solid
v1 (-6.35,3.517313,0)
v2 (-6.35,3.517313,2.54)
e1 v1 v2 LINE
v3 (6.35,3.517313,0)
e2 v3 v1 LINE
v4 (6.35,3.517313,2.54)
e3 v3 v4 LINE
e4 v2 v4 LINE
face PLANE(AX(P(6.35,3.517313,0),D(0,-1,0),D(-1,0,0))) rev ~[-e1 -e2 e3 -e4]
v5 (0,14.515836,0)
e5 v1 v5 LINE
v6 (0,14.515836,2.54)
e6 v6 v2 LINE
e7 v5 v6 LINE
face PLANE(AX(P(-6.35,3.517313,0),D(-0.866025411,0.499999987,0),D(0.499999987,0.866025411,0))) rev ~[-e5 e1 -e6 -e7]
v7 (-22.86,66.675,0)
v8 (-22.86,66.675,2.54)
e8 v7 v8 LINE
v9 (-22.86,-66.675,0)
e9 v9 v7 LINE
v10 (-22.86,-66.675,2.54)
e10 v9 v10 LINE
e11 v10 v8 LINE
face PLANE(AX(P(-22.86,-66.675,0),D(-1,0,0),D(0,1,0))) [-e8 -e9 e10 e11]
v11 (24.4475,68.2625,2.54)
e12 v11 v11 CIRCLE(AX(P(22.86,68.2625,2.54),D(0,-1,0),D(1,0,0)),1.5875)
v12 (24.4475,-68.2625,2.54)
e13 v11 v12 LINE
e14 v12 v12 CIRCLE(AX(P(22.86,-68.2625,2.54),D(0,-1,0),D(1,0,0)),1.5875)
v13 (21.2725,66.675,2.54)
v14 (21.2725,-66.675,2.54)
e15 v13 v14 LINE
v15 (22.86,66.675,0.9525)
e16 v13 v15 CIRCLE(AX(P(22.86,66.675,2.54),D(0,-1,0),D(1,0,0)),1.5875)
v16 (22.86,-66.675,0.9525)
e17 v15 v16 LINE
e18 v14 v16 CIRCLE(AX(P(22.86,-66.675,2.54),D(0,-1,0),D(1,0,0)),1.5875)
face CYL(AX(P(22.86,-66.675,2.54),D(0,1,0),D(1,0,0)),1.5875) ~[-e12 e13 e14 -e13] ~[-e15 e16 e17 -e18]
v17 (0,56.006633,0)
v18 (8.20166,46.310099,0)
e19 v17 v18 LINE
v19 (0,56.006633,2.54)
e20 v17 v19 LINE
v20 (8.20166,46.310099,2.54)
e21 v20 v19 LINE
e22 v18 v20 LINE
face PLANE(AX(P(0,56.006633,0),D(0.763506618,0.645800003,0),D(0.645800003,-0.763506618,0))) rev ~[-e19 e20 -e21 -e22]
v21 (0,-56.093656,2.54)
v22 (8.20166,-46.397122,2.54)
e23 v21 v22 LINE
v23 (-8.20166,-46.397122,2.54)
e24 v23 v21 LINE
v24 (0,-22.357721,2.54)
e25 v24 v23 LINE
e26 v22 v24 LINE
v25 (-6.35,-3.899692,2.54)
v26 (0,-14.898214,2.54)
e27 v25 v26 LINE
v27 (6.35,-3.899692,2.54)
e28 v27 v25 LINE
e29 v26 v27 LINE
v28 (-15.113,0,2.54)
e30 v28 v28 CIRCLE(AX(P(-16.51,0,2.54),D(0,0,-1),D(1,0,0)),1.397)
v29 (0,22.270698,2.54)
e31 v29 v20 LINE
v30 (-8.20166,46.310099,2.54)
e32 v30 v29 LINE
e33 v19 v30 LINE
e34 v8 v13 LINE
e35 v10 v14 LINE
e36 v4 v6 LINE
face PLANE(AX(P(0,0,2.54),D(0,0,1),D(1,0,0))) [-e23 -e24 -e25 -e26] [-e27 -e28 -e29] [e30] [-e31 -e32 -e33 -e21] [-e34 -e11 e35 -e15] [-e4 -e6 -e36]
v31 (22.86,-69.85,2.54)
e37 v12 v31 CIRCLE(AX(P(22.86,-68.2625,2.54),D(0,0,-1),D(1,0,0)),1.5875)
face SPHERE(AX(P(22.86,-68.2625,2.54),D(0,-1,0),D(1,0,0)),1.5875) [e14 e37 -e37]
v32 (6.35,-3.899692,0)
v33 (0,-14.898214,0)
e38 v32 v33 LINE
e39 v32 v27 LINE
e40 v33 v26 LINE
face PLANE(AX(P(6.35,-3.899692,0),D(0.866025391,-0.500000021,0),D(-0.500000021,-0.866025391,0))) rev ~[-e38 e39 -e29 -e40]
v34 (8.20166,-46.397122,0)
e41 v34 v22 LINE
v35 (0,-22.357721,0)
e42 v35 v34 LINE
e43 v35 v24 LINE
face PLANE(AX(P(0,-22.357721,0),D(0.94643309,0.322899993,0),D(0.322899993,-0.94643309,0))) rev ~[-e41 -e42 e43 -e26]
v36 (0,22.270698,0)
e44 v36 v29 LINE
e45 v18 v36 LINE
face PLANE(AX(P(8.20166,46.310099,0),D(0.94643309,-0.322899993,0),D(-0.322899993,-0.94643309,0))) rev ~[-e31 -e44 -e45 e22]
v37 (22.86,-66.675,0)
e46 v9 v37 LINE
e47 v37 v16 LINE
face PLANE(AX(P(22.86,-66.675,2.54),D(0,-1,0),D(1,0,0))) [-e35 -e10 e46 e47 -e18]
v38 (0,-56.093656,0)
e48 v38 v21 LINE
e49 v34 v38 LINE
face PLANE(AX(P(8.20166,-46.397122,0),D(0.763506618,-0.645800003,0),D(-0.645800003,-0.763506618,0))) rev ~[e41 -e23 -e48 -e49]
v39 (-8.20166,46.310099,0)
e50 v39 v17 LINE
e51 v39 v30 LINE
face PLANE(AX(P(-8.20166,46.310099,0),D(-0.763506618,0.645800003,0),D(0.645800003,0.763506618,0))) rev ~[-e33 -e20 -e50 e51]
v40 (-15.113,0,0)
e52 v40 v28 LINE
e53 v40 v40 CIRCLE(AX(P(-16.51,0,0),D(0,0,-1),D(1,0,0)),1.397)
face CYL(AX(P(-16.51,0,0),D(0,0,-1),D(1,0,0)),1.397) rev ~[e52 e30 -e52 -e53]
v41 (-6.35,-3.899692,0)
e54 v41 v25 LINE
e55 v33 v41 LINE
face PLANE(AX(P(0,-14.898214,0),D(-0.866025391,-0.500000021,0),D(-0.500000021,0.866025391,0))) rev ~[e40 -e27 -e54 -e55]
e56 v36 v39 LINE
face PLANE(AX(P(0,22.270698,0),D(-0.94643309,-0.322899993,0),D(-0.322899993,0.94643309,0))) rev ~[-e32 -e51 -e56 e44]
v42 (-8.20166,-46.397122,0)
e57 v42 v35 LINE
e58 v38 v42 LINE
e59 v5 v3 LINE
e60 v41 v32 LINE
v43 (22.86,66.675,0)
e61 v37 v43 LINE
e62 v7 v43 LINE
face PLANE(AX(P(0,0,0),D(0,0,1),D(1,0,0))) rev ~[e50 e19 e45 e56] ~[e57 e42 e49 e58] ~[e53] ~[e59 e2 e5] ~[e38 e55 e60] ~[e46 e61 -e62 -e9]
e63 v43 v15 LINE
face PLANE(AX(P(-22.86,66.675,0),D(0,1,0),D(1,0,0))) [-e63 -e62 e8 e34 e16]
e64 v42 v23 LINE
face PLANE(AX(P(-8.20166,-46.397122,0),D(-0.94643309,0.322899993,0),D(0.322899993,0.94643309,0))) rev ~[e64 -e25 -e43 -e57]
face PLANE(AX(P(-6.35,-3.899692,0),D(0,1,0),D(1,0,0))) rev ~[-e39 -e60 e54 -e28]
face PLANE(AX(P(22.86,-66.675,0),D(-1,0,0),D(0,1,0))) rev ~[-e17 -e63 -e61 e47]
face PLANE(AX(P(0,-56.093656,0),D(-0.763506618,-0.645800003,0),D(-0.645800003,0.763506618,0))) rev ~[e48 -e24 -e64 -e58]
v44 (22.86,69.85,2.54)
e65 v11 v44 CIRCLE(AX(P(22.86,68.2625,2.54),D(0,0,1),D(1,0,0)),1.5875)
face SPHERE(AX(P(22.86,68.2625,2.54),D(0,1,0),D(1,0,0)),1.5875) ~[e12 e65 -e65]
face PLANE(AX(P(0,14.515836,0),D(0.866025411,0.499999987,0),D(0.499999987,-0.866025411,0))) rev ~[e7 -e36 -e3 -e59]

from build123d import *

# Parameters (mm, degrees)
F0_W     = 45.72
F0_H     = 133.35
F1_DEPTH = 2.54
F2_R     = 1.5875
F3_DEPTH = 136.525
F4_DEPTH = 3.175
F5_R     = 1.5875
F7_DEPTH = 25.4
F9_DEPTH = 25.4


with BuildPart() as f1:
    # F0 (on Top) → F1 (new body)
    with BuildSketch(Plane.XY):
        Rectangle(F0_W, F0_H)
    extrude(amount=F1_DEPTH)

    # F2 (on face) → F3 (join)
    with BuildSketch(Plane.XZ.offset(66.675)):
        with Locations((22.86, 2.54)):
            Circle(F2_R)
    extrude(amount=-F3_DEPTH)

    # F2 (on face) → F4 (join)
    with BuildSketch(Plane.XZ.offset(66.675)):
        with Locations((22.86, 2.54)):
            Circle(F2_R)
    extrude(amount=F4_DEPTH)

    # F5
    f5_edges = [f1.edges().sort_by_distance(p)[0] for p in [
        (21.2725, -69.85, 2.54),
        (21.2725, 69.85, 2.54),
    ]]
    fillet(f5_edges, radius=F5_R)

    # F6 (on face) → F7 (cut)
    with BuildSketch(Plane(origin=(0, 0, 0), x_dir=(1, 0, 0), z_dir=(0, 0, -1))):
        with BuildLine():
            ThreePointArc((-17.907, 0), (-16.51, -1.397), (-15.113, 0))
            ThreePointArc((-15.113, 0), (-16.51, 1.397), (-17.907, 0))
        make_face()
    extrude(amount=-F7_DEPTH, mode=Mode.SUBTRACT)

    # F8 (on face) → F9 (cut)
    with BuildSketch(Plane(origin=(0, 0, 0), x_dir=(1, 0, 0), z_dir=(0, 0, -1))):
        Polygon((8.20166, 46.397122), (0, 56.093656), (-8.20166, 46.397122), (0, 22.357721), align=None)
        Polygon((-8.20166, -46.310099), (0, -56.006633), (8.20166, -46.310099), (0, -22.270698), align=None)
        Polygon((-6.35, -3.517313), (0, -14.515836), (6.35, -3.517313), align=None)
        Polygon((6.35, 3.899692), (0, 14.898214), (-6.35, 3.899692), align=None)
    extrude(amount=-F9_DEPTH, mode=Mode.SUBTRACT)


solid = f1.part
